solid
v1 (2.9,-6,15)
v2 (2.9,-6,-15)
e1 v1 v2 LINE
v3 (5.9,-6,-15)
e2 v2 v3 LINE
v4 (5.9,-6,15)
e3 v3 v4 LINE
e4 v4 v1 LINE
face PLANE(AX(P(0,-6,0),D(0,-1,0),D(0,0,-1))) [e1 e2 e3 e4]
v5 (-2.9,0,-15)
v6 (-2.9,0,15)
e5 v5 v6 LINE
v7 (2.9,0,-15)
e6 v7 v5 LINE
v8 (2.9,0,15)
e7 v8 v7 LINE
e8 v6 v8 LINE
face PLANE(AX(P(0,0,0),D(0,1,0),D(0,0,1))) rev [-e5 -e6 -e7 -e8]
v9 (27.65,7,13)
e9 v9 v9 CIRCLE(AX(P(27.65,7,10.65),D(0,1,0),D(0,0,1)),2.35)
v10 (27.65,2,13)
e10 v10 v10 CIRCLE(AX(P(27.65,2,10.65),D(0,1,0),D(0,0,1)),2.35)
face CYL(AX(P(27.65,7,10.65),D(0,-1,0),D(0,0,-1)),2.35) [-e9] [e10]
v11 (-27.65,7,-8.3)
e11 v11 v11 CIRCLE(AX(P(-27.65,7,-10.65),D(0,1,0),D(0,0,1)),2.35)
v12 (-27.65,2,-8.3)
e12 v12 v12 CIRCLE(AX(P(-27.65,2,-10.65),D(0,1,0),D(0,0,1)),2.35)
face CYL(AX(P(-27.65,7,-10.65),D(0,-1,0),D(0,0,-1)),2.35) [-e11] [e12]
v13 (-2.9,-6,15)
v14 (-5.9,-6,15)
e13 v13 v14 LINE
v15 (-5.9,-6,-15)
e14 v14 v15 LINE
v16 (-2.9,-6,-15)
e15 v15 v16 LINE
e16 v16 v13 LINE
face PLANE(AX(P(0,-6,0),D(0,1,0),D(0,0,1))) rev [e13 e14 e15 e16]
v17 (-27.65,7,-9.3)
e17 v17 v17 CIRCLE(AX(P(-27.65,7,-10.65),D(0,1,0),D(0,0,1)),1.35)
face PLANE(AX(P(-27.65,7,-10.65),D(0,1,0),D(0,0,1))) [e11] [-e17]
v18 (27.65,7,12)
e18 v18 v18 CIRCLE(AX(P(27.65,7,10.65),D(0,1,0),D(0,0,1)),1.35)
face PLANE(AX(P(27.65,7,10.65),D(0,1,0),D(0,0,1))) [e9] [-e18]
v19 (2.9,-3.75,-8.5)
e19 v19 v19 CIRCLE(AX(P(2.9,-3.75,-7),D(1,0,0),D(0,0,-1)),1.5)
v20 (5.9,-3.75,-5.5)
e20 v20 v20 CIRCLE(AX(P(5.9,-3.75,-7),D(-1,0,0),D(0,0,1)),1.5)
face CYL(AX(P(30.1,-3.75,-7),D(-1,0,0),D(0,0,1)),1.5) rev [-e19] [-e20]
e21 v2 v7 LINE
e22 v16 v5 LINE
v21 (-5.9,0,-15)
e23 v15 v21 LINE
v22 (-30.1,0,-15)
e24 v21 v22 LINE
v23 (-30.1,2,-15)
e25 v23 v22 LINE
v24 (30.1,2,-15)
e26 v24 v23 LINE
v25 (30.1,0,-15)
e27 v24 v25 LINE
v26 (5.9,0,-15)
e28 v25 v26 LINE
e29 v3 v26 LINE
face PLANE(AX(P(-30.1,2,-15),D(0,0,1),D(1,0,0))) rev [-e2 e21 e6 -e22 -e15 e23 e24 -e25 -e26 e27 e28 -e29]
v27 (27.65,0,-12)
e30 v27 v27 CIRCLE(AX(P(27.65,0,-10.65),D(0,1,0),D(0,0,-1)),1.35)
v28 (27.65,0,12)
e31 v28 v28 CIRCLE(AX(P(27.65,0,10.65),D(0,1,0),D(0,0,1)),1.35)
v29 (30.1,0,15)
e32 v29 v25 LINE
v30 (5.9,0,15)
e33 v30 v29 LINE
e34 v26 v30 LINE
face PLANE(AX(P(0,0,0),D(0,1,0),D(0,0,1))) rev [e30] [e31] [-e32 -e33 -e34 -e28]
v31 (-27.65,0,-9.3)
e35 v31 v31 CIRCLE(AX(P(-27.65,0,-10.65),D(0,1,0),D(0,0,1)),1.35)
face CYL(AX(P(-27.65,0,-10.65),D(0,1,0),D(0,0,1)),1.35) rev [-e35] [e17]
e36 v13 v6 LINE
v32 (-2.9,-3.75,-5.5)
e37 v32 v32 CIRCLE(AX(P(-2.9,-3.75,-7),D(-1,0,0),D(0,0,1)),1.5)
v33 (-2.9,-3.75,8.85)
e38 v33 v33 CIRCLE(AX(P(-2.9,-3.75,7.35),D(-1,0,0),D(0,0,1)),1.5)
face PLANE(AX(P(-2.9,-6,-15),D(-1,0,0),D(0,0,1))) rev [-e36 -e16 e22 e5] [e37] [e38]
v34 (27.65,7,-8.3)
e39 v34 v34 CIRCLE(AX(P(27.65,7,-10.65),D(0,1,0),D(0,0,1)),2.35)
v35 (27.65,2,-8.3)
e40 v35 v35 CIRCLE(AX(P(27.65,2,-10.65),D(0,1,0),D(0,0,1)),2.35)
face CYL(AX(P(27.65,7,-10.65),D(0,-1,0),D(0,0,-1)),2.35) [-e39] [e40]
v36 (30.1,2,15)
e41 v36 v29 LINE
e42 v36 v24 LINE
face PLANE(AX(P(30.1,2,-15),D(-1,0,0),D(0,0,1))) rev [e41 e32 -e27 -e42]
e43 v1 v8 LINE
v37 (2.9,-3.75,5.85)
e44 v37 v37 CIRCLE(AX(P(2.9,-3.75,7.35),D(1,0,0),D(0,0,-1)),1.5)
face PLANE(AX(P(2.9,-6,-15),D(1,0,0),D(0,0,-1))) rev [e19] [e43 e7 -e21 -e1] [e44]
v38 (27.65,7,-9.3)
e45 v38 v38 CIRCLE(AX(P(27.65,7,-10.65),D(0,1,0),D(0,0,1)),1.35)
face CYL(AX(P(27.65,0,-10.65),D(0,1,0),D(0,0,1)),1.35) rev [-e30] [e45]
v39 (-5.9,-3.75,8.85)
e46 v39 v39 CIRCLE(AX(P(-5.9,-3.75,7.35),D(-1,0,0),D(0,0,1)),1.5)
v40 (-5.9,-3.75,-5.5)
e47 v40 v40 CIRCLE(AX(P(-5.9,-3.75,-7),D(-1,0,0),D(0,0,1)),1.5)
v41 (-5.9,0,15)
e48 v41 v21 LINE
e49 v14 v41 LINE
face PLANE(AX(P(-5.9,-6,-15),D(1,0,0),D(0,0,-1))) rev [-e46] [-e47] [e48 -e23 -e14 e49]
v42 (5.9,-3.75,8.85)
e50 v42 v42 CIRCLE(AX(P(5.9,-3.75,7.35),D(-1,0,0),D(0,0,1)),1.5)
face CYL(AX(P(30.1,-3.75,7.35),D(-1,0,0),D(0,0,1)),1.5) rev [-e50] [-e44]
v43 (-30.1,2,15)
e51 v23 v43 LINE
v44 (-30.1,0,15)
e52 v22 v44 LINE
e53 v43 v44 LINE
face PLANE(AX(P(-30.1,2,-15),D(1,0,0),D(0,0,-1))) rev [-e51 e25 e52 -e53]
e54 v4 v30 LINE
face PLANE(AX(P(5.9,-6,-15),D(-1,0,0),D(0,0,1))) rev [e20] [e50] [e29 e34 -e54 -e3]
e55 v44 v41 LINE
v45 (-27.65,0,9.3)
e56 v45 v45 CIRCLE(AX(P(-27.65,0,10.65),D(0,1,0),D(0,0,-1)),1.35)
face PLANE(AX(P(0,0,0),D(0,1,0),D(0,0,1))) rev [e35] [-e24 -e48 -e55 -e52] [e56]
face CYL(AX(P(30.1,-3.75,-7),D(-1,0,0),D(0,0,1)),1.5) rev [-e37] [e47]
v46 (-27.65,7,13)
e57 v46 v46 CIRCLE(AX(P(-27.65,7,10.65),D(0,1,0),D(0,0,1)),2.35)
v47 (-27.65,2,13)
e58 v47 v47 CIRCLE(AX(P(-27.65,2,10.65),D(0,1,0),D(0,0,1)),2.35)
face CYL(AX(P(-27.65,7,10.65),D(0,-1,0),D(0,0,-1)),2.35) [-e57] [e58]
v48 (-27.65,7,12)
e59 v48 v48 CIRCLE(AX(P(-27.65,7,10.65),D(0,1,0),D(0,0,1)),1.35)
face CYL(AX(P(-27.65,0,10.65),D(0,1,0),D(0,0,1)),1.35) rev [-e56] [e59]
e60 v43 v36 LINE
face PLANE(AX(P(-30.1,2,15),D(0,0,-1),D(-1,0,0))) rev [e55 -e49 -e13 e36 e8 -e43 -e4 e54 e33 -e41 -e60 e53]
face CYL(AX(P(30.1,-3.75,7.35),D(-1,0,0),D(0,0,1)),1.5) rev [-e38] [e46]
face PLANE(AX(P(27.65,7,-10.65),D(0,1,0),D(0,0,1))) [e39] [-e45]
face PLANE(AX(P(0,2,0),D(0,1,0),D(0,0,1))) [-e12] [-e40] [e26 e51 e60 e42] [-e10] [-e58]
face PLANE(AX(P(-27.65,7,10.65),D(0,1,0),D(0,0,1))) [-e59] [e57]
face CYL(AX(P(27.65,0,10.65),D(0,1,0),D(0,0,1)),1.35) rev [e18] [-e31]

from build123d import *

# Parameters (mm, degrees)
SKETCH_1_W          = 60.2
SKETCH_1_H          = 30
EXTRUDE_1_DEPTH     = 2
SKETCH_2_R          = 1.35
CUT_EXTRUDE_1_DEPTH = 3
SKETCH_3_R          = 2.35
SKETCH_3_R_2        = 1.35
EXTRUDE_2_DEPTH     = 5
SKETCH_4_W          = 3
SKETCH_4_H          = 30
EXTRUDE_3_DEPTH     = 6
SKETCH_5_R          = 1.5
CUT_EXTRUDE_2_DEPTH = 37


with BuildPart() as part:
    # 草图1 → 凸台-拉伸1 (new body)
    with BuildSketch(Plane(origin=(0, 0, 0), x_dir=(1, 0, 0), z_dir=(0, 1, 0))):
        Rectangle(SKETCH_1_W, SKETCH_1_H)
    extrude(amount=EXTRUDE_1_DEPTH)

    # 草图2 → 切除-拉伸1 (cut, through all)
    with BuildSketch(Plane(origin=(0, 2, 0), x_dir=(1, 0, 0), z_dir=(0, 1, 0))):
        with Locations((-27.65, 10.65)):
            Circle(SKETCH_2_R)
        with Locations((-27.65, -10.65)):
            Circle(SKETCH_2_R)
        with Locations((27.65, -10.65)):
            Circle(SKETCH_2_R)
        with Locations((27.65, 10.65)):
            Circle(SKETCH_2_R)
    extrude(amount=-CUT_EXTRUDE_1_DEPTH, mode=Mode.SUBTRACT)

    # 草图3 → 凸台-拉伸2 (add)
    with BuildSketch(Plane(origin=(0, 2, 0), x_dir=(1, 0, 0), z_dir=(0, 1, 0))):
        with Locations((-27.65, 10.65)):
            Circle(SKETCH_3_R)
        with Locations((-27.65, 10.65)):
            Circle(SKETCH_3_R_2, mode=Mode.SUBTRACT)
        with Locations((27.65, 10.65)):
            Circle(SKETCH_3_R)
        with Locations((27.65, 10.65)):
            Circle(SKETCH_3_R_2, mode=Mode.SUBTRACT)
        with Locations((27.65, -10.65)):
            Circle(SKETCH_3_R)
        with Locations((27.65, -10.65)):
            Circle(SKETCH_3_R_2, mode=Mode.SUBTRACT)
        with Locations((-27.65, -10.65)):
            Circle(SKETCH_3_R)
        with Locations((-27.65, -10.65)):
            Circle(SKETCH_3_R_2, mode=Mode.SUBTRACT)
    extrude(amount=EXTRUDE_2_DEPTH)

    # 草图4 → 凸台-拉伸3 (add)
    with BuildSketch(Plane.XZ):
        with Locations((4.4, 0)):
            Rectangle(SKETCH_4_W, SKETCH_4_H)
        with Locations((-4.4, 0)):
            Rectangle(SKETCH_4_W, SKETCH_4_H)
    extrude(amount=EXTRUDE_3_DEPTH)

    # 草图5 → 切除-拉伸2 (cut, through all)
    with BuildSketch(Plane.ZY.offset(5.9)):
        with Locations((-7, -3.75)):
            Circle(SKETCH_5_R)
        with Locations((7.35, -3.75)):
            Circle(SKETCH_5_R)
    extrude(amount=-CUT_EXTRUDE_2_DEPTH, mode=Mode.SUBTRACT)


solid = part.part
